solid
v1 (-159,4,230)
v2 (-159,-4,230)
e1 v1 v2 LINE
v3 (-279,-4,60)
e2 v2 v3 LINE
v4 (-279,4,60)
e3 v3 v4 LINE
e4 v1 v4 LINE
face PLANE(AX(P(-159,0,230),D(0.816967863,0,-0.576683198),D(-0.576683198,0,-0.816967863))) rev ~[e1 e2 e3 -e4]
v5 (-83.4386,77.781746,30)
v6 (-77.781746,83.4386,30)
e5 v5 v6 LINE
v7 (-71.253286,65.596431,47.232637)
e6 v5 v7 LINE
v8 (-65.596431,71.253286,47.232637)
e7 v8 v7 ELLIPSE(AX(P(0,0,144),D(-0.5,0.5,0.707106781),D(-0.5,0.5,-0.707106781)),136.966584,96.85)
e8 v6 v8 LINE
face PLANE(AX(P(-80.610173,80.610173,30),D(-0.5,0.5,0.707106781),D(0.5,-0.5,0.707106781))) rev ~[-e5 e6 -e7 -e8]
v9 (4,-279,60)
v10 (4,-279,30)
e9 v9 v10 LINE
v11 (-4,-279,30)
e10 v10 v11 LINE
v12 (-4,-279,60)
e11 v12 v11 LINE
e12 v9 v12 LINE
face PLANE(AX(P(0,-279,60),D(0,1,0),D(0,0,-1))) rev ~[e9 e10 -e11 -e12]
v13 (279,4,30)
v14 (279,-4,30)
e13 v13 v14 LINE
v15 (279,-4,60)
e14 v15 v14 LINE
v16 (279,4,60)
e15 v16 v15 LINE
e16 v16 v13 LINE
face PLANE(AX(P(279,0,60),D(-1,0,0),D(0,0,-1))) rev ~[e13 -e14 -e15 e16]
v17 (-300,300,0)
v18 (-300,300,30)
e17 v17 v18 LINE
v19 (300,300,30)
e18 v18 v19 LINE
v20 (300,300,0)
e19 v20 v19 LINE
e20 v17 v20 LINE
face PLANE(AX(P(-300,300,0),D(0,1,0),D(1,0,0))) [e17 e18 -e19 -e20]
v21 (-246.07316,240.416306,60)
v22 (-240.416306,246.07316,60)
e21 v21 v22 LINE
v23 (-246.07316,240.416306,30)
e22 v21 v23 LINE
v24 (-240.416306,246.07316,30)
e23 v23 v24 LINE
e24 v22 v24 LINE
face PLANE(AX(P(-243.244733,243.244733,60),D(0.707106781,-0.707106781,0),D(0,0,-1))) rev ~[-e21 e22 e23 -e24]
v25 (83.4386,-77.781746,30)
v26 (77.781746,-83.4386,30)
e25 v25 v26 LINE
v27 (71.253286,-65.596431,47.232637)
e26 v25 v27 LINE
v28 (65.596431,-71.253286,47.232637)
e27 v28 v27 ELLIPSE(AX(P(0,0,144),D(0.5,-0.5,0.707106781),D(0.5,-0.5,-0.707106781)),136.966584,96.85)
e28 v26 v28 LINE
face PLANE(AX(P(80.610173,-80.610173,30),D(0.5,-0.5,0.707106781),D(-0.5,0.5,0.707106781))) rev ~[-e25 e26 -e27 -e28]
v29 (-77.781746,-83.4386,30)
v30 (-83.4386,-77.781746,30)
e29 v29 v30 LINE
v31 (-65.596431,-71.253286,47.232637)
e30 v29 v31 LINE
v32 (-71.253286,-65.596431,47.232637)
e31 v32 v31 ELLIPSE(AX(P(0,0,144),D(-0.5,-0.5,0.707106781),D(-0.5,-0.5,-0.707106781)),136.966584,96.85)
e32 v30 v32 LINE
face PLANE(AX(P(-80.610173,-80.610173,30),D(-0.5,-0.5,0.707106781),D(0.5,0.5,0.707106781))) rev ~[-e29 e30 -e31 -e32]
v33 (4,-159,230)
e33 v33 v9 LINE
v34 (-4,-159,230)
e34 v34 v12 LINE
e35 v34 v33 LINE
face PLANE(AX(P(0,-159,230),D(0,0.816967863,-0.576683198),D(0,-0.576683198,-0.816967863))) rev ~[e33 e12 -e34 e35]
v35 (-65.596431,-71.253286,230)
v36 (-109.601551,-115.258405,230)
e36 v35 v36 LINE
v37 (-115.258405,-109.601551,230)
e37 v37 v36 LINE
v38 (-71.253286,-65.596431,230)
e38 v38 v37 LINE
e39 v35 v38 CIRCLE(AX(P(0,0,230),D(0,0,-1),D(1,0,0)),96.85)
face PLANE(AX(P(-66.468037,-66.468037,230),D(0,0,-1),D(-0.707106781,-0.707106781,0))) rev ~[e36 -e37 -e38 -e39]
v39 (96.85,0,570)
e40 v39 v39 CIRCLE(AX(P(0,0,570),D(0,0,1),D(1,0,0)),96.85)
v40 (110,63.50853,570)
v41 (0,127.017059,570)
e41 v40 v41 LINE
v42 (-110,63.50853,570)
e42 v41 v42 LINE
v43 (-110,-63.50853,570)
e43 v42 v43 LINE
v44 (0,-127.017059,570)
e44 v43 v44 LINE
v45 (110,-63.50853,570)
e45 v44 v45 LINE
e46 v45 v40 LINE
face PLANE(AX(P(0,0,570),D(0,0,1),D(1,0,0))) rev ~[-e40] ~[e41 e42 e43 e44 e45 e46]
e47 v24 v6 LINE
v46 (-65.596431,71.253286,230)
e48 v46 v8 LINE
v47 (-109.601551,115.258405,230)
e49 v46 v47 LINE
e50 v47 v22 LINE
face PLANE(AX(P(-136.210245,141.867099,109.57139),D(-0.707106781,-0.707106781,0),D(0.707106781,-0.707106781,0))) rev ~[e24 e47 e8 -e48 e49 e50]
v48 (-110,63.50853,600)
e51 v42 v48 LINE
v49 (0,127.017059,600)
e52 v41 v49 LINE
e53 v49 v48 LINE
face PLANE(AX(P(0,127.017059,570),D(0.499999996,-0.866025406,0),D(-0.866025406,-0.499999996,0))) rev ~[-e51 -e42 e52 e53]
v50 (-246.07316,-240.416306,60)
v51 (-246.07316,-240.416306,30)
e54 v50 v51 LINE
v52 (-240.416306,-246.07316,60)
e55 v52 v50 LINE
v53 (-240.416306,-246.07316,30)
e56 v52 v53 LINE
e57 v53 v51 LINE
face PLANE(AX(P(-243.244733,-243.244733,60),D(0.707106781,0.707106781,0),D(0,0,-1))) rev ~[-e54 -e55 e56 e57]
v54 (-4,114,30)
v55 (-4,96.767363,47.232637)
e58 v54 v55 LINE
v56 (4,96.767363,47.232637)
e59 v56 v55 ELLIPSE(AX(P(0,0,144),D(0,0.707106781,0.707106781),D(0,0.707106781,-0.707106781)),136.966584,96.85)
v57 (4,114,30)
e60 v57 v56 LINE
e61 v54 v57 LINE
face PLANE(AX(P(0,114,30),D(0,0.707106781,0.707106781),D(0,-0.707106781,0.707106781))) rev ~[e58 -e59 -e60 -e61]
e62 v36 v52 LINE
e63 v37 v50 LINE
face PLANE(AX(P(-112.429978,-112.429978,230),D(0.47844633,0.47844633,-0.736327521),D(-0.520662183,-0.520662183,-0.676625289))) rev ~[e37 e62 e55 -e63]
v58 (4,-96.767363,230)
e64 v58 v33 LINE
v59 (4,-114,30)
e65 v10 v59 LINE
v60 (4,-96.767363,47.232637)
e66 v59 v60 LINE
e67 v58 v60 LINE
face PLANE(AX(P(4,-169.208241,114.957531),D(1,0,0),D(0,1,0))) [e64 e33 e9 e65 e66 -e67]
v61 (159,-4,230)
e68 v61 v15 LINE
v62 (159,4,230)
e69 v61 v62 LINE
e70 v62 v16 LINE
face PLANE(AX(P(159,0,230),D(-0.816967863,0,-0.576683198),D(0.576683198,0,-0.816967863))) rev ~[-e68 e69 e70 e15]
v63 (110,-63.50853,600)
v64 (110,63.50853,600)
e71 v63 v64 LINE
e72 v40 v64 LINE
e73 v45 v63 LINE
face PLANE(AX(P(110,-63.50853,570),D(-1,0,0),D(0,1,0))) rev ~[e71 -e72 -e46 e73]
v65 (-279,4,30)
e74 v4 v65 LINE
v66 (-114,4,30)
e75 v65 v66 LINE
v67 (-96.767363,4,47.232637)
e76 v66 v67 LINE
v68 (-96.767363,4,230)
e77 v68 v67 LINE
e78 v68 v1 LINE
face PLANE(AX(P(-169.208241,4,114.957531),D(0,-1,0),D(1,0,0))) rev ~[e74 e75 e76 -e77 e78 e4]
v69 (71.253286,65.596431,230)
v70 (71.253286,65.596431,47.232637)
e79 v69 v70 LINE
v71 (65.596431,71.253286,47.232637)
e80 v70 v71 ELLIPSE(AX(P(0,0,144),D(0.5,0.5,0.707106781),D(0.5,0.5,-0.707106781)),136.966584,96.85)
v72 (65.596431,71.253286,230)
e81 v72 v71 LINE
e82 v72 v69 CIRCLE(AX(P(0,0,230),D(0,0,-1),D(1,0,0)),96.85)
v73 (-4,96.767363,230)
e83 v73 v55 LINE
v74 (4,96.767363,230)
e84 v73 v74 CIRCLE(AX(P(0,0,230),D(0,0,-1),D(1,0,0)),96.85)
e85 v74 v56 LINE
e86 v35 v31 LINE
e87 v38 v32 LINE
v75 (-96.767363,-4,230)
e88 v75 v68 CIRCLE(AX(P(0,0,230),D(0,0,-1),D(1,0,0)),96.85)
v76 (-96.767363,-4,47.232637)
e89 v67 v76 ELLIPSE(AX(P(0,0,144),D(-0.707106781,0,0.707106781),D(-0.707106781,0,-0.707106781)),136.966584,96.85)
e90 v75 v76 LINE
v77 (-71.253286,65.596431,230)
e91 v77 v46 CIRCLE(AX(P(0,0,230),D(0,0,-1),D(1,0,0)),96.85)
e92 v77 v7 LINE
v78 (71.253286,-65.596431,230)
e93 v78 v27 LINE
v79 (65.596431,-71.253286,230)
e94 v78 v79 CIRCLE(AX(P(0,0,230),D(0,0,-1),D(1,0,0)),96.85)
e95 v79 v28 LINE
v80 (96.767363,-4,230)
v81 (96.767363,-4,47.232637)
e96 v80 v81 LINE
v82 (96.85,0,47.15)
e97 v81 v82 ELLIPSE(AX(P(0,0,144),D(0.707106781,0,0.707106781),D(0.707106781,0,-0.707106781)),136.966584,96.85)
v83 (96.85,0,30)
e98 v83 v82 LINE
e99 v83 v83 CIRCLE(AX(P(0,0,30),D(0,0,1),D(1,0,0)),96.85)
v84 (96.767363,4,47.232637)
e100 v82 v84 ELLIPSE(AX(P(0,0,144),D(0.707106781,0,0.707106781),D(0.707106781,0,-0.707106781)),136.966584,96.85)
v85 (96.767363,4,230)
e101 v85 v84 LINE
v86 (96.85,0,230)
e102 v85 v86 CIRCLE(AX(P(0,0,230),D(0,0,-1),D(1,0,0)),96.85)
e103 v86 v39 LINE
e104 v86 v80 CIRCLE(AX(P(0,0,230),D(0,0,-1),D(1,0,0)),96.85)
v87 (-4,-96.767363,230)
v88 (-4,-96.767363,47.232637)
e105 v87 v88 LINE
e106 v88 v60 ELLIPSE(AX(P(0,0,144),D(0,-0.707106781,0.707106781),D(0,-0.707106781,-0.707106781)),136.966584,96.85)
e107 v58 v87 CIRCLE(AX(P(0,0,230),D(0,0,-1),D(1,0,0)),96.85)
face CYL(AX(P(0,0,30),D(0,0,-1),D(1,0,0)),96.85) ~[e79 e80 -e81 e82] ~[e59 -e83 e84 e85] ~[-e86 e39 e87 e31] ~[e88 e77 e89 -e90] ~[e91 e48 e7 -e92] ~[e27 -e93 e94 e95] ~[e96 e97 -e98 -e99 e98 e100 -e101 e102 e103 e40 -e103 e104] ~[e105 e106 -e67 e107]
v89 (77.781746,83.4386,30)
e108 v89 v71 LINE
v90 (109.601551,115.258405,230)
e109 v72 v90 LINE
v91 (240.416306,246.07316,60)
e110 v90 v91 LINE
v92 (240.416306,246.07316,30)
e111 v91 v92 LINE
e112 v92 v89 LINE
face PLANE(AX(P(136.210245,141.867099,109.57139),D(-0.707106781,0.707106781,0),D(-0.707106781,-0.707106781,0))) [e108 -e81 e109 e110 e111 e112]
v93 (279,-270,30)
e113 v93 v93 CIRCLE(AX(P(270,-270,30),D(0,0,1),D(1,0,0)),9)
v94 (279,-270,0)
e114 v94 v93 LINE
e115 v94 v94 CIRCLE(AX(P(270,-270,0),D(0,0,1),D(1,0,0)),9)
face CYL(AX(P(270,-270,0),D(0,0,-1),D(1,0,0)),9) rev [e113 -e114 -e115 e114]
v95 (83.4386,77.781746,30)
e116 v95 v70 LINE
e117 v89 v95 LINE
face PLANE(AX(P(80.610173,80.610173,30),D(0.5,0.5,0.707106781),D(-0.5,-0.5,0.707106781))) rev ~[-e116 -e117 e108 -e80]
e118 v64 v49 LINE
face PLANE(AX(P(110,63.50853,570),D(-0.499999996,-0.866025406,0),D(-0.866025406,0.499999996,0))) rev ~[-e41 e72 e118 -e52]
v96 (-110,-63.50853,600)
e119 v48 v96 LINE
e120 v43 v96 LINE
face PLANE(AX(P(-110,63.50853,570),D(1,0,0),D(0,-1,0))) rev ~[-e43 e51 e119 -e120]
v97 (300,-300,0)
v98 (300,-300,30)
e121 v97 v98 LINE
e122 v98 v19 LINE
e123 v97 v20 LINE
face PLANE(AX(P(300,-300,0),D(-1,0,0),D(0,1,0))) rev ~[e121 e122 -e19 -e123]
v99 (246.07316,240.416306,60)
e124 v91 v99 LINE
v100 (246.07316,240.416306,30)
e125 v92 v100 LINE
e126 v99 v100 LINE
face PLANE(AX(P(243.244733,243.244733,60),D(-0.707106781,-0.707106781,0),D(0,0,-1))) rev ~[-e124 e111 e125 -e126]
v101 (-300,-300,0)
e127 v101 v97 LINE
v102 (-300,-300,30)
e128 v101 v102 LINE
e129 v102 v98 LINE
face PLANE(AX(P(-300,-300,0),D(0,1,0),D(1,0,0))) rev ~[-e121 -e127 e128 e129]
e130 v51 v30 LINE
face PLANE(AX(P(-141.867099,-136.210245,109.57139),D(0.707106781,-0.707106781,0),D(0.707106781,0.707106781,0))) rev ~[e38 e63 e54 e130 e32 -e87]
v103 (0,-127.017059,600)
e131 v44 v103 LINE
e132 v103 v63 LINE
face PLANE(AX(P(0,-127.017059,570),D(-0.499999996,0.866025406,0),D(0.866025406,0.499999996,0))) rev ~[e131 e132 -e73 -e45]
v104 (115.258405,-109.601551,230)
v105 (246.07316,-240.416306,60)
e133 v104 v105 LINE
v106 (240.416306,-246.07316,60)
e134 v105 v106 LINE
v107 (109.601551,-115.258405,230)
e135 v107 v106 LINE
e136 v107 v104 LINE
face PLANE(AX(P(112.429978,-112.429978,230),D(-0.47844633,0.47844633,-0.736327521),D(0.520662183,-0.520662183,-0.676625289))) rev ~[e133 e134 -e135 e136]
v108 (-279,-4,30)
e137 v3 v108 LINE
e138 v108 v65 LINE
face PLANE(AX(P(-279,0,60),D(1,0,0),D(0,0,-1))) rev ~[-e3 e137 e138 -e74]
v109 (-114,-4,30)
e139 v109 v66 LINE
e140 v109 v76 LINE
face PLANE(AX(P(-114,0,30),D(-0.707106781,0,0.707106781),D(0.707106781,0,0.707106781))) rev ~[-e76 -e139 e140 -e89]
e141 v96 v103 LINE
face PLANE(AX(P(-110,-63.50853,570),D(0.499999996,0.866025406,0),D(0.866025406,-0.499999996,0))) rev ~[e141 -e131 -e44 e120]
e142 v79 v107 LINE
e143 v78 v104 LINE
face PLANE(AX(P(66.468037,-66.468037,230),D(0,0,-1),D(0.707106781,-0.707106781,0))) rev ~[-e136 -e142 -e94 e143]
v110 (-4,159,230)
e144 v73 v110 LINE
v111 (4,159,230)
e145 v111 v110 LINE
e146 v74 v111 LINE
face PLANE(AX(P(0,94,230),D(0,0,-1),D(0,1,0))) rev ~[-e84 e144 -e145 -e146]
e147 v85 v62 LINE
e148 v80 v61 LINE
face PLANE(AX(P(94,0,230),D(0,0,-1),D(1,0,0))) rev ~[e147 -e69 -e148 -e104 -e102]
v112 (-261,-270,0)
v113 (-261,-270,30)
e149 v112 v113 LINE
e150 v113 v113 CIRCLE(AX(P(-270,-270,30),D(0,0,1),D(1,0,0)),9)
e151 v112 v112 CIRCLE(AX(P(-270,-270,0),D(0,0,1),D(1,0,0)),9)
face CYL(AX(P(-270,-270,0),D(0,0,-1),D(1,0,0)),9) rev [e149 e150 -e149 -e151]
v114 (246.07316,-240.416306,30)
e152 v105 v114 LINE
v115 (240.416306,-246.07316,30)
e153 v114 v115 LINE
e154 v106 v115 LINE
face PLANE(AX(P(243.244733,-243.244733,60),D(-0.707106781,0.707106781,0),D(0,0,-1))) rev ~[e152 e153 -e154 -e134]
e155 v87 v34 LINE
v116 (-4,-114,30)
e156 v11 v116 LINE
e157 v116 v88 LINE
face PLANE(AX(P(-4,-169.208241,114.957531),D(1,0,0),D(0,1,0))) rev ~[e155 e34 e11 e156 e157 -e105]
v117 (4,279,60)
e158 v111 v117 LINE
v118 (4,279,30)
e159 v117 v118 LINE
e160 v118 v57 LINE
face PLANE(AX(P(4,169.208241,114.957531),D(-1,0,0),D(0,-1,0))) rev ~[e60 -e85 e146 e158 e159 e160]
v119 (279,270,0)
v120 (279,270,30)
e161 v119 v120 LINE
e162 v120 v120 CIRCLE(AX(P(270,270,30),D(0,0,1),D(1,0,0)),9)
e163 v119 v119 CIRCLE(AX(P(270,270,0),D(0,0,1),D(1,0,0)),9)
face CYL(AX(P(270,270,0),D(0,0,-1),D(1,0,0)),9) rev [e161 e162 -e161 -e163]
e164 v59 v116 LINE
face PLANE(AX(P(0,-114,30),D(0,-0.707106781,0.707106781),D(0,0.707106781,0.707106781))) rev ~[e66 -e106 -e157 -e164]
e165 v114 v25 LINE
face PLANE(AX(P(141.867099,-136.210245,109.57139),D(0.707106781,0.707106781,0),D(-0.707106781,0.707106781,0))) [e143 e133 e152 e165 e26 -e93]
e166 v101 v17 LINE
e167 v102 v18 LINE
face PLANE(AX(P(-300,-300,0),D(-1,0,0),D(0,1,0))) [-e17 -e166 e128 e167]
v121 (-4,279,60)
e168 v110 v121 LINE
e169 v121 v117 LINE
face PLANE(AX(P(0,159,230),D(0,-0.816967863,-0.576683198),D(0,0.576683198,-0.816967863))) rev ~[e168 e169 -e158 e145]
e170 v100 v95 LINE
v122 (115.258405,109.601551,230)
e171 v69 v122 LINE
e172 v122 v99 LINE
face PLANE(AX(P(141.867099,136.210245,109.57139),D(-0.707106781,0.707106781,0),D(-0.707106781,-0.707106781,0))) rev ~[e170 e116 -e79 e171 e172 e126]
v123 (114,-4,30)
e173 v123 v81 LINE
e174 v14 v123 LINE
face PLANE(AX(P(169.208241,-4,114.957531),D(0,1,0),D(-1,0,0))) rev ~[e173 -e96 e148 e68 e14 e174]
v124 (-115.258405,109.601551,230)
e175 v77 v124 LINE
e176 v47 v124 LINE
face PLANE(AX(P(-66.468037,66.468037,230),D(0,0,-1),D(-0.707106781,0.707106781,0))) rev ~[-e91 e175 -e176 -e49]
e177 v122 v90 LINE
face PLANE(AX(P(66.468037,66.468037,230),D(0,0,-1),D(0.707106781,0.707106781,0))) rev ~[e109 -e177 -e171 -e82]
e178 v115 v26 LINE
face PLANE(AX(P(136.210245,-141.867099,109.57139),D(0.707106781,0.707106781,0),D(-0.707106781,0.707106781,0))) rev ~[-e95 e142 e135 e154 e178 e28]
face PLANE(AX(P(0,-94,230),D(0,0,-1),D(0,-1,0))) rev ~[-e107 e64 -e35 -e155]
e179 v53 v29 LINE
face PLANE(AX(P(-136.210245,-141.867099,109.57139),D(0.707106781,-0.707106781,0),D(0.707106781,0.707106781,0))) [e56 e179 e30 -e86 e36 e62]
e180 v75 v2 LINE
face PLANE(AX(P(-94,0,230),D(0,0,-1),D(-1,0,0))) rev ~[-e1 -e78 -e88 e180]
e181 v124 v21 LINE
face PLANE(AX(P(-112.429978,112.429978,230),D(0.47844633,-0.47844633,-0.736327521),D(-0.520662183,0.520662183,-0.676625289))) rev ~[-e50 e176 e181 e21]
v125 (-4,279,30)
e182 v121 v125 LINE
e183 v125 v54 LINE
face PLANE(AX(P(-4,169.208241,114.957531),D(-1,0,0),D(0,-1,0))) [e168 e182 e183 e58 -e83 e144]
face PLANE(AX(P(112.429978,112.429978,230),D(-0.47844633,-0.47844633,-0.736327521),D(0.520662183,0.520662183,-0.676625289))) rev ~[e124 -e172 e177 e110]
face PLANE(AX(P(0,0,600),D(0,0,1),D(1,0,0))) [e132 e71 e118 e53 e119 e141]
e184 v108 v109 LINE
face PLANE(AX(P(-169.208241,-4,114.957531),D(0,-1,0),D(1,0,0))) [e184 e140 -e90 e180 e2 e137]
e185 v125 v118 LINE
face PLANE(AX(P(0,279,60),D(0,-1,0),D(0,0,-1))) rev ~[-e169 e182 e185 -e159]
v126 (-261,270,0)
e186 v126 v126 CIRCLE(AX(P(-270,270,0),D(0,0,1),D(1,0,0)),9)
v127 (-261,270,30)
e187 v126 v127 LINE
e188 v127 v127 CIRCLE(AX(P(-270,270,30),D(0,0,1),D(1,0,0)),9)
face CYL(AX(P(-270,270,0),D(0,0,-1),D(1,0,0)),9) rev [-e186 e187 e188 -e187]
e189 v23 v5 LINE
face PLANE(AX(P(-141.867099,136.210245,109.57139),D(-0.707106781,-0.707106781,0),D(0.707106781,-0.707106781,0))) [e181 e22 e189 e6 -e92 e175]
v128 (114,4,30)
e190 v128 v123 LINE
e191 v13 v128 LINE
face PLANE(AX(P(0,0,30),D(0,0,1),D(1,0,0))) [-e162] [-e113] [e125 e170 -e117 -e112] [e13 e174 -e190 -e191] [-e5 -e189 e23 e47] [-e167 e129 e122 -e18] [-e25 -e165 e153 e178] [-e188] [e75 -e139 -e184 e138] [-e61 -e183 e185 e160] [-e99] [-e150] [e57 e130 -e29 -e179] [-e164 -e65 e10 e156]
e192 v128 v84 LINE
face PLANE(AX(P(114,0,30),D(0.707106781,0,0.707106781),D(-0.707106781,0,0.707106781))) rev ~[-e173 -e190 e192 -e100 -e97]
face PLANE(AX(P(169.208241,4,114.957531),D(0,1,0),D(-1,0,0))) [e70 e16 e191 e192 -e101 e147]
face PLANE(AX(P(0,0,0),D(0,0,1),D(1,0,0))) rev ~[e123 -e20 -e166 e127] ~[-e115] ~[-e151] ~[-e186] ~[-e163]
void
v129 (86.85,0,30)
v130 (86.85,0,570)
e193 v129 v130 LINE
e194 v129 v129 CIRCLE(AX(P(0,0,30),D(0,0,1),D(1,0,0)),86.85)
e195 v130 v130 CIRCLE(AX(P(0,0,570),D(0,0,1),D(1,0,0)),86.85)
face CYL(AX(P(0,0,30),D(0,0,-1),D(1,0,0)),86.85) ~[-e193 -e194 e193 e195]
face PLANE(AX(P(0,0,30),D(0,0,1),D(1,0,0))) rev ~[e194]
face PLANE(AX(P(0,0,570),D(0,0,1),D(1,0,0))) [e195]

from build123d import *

# Parameters (mm, degrees)
EXTRUDE004_DEPTH         = 30
SKETCH001_R              = 96.85
SKETCH001_R_2            = 86.85
EXTRUDE001_DEPTH         = 540
EXTRUDE002_DEPTH         = 4
ARRAY_COUNT              = 4
EXTRUDE003_DEPTH         = 4
ARRAY001_COUNT           = 4
ARRAY001_PLACEMENT_ANGLE = 45
SKETCH_W                 = 600
SKETCH_H                 = 600
SKETCH_R                 = 9
EXTRUDE_DEPTH            = 30


with BuildPart() as lastplatte:
    # Sketch004 (on Face51 of Fusion) → Extrude004 (new body)
    with BuildSketch(Plane.XY.offset(570)):
        Polygon((110, 63.50853), (0, 127.017059), (-110, 63.50853), (-110, -63.50853), (0, -127.017059), (110, -63.50853), align=None)
    extrude(amount=EXTRUDE004_DEPTH)


with BuildPart() as rohr:
    # Sketch001 (on Face10 of Extrude) → Extrude001 (new body)
    with BuildSketch(Plane.XY.offset(30)):
        Circle(SKETCH001_R)
        Circle(SKETCH001_R_2, mode=Mode.SUBTRACT)
    extrude(amount=EXTRUDE001_DEPTH)


with BuildPart() as steife7:
    # Sketch002 → Extrude002 (new body, symmetric)
    with BuildSketch(Plane.XZ):
        Polygon((114, 30), (94, 50), (94, 230), (159, 230), (279, 60), (279, 30), align=None)
    extrude(amount=EXTRUDE002_DEPTH, both=True)

    # Array: steife7 ×4 about axis
    array_axis = Axis((0, 0, 0), (0, 0, 1))


with BuildPart() as steife7_1:
    add(steife7.part)
    for i in range(1, ARRAY_COUNT):
        add(steife7.part.rotate(array_axis, i * 360 / ARRAY_COUNT))


with BuildPart() as steife8:
    # Sketch003 → Extrude003 (new body, symmetric)
    with BuildSketch(Plane.XZ):
        Polygon((114, 30), (94, 50), (94, 230), (159, 230), (344, 60), (344, 30), align=None)
    extrude(amount=EXTRUDE003_DEPTH, both=True)

    # Array001: steife8 ×4 about axis
    array001_axis = Axis((0, 0, 0), (0, 0, 1))


with BuildPart() as steife8_1:
    add(steife8.part)
    for i in range(1, ARRAY001_COUNT):
        add(steife8.part.rotate(array001_axis, i * 360 / ARRAY001_COUNT))


with BuildPart() as steife8_2:
    # Array001 placement: moved
    add(steife8_1.part.rotate(Axis((0, 0, 0), (0, 0, 1)), ARRAY001_PLACEMENT_ANGLE))


with BuildPart() as fusion001:
    # Sketch → Extrude (new body)
    with BuildSketch(Plane.XY):
        Rectangle(SKETCH_W, SKETCH_H)
        with Locations((270, -270)):
            Circle(SKETCH_R, mode=Mode.SUBTRACT)
        with Locations((-270, -270)):
            Circle(SKETCH_R, mode=Mode.SUBTRACT)
        with Locations((270, 270)):
            Circle(SKETCH_R, mode=Mode.SUBTRACT)
        with Locations((-270, 270)):
            Circle(SKETCH_R, mode=Mode.SUBTRACT)
    extrude(amount=EXTRUDE_DEPTH)

    # Fusion: union rohr, steife7, steife8
    add(rohr.part)
    add(steife7_1.part)
    add(steife8_2.part)

    # Fusion001: union lastplatte
    add(lastplatte.part)


solid = fusion001.part
